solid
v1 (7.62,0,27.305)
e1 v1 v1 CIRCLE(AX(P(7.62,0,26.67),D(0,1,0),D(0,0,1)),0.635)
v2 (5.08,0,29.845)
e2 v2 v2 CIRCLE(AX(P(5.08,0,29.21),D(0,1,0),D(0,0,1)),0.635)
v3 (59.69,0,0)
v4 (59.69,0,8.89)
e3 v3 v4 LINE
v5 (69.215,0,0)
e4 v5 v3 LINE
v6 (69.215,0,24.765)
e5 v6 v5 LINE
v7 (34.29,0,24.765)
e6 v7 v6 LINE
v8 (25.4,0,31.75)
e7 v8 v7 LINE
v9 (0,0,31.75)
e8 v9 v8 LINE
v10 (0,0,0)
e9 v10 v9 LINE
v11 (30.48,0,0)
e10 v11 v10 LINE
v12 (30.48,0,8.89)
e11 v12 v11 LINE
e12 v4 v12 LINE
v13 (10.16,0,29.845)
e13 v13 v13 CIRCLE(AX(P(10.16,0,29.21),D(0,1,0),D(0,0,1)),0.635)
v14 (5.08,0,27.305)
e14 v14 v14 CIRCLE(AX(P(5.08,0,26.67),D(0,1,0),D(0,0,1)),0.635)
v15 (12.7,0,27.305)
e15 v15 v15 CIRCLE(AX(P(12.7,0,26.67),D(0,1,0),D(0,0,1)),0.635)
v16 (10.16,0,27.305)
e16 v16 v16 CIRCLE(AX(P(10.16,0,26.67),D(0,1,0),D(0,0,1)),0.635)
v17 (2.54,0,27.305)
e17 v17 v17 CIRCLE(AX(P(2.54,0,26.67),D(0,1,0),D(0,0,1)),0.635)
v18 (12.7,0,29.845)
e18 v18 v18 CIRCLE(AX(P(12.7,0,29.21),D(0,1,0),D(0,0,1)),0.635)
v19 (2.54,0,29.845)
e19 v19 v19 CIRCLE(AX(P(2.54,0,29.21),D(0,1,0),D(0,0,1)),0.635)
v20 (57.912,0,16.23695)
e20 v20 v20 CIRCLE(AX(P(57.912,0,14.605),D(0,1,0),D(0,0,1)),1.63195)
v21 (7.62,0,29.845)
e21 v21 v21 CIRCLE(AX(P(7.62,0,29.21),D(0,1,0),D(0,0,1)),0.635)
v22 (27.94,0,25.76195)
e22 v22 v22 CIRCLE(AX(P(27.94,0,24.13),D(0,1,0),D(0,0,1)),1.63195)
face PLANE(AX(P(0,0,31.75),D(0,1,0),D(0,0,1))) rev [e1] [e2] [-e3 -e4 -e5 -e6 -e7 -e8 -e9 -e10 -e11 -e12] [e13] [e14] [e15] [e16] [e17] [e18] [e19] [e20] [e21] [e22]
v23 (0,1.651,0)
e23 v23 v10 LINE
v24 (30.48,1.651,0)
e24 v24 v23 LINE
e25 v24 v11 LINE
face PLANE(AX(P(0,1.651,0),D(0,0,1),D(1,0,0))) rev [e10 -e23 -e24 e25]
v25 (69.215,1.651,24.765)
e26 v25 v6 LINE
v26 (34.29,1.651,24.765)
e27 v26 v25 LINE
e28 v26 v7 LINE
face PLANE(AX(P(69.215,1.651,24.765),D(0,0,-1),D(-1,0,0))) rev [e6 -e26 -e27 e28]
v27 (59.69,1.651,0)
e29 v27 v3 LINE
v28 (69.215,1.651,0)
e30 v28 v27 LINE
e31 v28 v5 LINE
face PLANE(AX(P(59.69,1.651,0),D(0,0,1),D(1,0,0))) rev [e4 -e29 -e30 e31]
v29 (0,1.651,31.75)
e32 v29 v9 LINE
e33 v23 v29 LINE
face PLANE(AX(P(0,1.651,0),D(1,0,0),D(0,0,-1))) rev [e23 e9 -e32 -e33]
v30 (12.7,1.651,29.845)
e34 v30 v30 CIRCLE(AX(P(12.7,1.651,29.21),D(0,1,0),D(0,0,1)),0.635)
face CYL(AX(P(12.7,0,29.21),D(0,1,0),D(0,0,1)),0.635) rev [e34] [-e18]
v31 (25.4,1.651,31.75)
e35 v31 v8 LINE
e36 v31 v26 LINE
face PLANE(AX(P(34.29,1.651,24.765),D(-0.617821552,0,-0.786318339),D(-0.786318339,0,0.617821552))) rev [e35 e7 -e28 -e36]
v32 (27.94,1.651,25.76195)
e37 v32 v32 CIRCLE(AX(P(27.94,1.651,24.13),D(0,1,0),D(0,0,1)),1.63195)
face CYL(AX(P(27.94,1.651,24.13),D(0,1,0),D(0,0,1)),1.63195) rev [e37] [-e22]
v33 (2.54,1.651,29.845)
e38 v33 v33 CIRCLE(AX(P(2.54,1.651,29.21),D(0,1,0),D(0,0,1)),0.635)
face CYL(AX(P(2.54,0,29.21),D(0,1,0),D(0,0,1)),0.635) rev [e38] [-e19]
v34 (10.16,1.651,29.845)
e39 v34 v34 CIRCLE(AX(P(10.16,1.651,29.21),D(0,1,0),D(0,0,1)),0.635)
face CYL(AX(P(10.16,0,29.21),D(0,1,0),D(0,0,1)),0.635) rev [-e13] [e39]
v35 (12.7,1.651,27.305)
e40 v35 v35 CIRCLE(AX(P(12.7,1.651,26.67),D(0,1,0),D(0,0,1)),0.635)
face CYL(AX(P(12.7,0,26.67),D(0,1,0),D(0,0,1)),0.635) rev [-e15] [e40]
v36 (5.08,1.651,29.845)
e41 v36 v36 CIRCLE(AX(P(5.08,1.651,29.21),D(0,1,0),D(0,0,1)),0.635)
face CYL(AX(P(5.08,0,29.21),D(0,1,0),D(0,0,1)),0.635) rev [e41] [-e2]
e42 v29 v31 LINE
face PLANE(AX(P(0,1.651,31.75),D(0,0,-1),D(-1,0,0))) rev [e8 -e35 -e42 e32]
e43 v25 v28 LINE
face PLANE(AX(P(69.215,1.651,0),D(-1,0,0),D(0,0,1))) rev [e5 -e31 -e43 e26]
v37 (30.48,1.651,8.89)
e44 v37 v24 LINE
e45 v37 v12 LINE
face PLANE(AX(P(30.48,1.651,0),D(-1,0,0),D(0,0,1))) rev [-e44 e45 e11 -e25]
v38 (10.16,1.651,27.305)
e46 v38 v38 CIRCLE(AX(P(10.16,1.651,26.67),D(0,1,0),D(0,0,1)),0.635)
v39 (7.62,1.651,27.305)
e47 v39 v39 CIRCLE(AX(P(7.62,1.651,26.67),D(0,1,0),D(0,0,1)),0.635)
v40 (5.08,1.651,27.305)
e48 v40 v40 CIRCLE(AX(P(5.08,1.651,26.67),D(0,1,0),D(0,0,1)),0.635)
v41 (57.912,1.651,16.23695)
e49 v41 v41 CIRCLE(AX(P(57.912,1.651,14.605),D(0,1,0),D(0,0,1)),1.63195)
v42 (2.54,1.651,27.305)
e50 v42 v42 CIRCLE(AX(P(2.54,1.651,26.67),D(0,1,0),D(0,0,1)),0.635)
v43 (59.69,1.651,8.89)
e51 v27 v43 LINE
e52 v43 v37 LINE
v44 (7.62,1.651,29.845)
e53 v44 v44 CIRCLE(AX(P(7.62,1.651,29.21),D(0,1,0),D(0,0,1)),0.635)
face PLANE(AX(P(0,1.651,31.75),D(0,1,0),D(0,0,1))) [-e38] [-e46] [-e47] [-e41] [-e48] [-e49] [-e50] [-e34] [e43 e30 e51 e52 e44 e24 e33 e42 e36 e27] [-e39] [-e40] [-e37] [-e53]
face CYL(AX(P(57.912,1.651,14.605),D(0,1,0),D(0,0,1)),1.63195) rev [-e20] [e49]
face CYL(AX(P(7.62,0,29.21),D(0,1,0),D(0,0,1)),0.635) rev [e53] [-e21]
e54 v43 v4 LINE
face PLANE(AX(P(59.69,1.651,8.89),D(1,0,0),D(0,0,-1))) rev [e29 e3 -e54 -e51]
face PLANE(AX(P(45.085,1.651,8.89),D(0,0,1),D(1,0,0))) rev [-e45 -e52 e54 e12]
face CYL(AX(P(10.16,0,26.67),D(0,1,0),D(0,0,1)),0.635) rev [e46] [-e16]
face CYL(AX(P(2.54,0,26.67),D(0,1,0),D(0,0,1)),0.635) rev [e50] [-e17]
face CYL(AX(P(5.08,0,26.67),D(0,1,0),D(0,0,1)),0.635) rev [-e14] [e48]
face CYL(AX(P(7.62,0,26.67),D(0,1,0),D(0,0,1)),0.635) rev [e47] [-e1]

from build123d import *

# Parameters (mm, degrees)
BOSS_EXTRUDE1_DEPTH   = 1.651
SKETCH5_R             = 0.635
CUT_EXTRUDE2_DEPTH    = 2.651
F_4_CLEARANCE_HOLE1_D = 3.2639


with BuildPart() as part:
    # Sketch1 → Boss-Extrude1 (new body)
    with BuildSketch(Plane(origin=(0, 0, 0), x_dir=(1, 0, 0), z_dir=(0, 1, 0))):
        Polygon((0, 0), (30.48, 0), (30.48, -8.89), (45.085, -8.89), (59.69, -8.89), (59.69, 0), (69.215, 0), (69.215, -24.765), (45.085, -24.765), (34.29, -24.765), (25.4, -31.75), (0, -31.75), align=None)
    extrude(amount=BOSS_EXTRUDE1_DEPTH)

    # Sketch5 → Cut-Extrude2 (cut, through all)
    with BuildSketch(Plane(origin=(0, 1.651, 0), x_dir=(1, 0, 0), z_dir=(0, 1, 0))):
        with Locations(Location((2.54, -29.21, 0), (0, 0, 270))):  # turned: the seam where the file's is
            Circle(SKETCH5_R)
        with Locations(Location((5.08, -29.21, 0), (0, 0, 270))):  # turned: the seam where the file's is
            Circle(SKETCH5_R)
        with Locations(Location((7.62, -29.21, 0), (0, 0, 270))):  # turned: the seam where the file's is
            Circle(SKETCH5_R)
        with Locations(Location((10.16, -29.21, 0), (0, 0, 270))):  # turned: the seam where the file's is
            Circle(SKETCH5_R)
        with Locations(Location((12.7, -29.21, 0), (0, 0, 270))):  # turned: the seam where the file's is
            Circle(SKETCH5_R)
        with Locations(Location((2.54, -26.67, 0), (0, 0, 270))):  # turned: the seam where the file's is
            Circle(SKETCH5_R)
        with Locations(Location((5.08, -26.67, 0), (0, 0, 270))):  # turned: the seam where the file's is
            Circle(SKETCH5_R)
        with Locations(Location((7.62, -26.67, 0), (0, 0, 270))):  # turned: the seam where the file's is
            Circle(SKETCH5_R)
        with Locations(Location((10.16, -26.67, 0), (0, 0, 270))):  # turned: the seam where the file's is
            Circle(SKETCH5_R)
        with Locations(Location((12.7, -26.67, 0), (0, 0, 270))):  # turned: the seam where the file's is
            Circle(SKETCH5_R)
    extrude(amount=-CUT_EXTRUDE2_DEPTH, mode=Mode.SUBTRACT)

    # #4 Clearance Hole1 (through all)
    with Locations(Plane(origin=(0, 1.651, 0), x_dir=(-1, 0, 0), z_dir=(0, 1, 0))):
        with Locations((-27.94, 24.13), (-57.912, 14.605)):
            Hole(F_4_CLEARANCE_HOLE1_D / 2)


solid = part.part
